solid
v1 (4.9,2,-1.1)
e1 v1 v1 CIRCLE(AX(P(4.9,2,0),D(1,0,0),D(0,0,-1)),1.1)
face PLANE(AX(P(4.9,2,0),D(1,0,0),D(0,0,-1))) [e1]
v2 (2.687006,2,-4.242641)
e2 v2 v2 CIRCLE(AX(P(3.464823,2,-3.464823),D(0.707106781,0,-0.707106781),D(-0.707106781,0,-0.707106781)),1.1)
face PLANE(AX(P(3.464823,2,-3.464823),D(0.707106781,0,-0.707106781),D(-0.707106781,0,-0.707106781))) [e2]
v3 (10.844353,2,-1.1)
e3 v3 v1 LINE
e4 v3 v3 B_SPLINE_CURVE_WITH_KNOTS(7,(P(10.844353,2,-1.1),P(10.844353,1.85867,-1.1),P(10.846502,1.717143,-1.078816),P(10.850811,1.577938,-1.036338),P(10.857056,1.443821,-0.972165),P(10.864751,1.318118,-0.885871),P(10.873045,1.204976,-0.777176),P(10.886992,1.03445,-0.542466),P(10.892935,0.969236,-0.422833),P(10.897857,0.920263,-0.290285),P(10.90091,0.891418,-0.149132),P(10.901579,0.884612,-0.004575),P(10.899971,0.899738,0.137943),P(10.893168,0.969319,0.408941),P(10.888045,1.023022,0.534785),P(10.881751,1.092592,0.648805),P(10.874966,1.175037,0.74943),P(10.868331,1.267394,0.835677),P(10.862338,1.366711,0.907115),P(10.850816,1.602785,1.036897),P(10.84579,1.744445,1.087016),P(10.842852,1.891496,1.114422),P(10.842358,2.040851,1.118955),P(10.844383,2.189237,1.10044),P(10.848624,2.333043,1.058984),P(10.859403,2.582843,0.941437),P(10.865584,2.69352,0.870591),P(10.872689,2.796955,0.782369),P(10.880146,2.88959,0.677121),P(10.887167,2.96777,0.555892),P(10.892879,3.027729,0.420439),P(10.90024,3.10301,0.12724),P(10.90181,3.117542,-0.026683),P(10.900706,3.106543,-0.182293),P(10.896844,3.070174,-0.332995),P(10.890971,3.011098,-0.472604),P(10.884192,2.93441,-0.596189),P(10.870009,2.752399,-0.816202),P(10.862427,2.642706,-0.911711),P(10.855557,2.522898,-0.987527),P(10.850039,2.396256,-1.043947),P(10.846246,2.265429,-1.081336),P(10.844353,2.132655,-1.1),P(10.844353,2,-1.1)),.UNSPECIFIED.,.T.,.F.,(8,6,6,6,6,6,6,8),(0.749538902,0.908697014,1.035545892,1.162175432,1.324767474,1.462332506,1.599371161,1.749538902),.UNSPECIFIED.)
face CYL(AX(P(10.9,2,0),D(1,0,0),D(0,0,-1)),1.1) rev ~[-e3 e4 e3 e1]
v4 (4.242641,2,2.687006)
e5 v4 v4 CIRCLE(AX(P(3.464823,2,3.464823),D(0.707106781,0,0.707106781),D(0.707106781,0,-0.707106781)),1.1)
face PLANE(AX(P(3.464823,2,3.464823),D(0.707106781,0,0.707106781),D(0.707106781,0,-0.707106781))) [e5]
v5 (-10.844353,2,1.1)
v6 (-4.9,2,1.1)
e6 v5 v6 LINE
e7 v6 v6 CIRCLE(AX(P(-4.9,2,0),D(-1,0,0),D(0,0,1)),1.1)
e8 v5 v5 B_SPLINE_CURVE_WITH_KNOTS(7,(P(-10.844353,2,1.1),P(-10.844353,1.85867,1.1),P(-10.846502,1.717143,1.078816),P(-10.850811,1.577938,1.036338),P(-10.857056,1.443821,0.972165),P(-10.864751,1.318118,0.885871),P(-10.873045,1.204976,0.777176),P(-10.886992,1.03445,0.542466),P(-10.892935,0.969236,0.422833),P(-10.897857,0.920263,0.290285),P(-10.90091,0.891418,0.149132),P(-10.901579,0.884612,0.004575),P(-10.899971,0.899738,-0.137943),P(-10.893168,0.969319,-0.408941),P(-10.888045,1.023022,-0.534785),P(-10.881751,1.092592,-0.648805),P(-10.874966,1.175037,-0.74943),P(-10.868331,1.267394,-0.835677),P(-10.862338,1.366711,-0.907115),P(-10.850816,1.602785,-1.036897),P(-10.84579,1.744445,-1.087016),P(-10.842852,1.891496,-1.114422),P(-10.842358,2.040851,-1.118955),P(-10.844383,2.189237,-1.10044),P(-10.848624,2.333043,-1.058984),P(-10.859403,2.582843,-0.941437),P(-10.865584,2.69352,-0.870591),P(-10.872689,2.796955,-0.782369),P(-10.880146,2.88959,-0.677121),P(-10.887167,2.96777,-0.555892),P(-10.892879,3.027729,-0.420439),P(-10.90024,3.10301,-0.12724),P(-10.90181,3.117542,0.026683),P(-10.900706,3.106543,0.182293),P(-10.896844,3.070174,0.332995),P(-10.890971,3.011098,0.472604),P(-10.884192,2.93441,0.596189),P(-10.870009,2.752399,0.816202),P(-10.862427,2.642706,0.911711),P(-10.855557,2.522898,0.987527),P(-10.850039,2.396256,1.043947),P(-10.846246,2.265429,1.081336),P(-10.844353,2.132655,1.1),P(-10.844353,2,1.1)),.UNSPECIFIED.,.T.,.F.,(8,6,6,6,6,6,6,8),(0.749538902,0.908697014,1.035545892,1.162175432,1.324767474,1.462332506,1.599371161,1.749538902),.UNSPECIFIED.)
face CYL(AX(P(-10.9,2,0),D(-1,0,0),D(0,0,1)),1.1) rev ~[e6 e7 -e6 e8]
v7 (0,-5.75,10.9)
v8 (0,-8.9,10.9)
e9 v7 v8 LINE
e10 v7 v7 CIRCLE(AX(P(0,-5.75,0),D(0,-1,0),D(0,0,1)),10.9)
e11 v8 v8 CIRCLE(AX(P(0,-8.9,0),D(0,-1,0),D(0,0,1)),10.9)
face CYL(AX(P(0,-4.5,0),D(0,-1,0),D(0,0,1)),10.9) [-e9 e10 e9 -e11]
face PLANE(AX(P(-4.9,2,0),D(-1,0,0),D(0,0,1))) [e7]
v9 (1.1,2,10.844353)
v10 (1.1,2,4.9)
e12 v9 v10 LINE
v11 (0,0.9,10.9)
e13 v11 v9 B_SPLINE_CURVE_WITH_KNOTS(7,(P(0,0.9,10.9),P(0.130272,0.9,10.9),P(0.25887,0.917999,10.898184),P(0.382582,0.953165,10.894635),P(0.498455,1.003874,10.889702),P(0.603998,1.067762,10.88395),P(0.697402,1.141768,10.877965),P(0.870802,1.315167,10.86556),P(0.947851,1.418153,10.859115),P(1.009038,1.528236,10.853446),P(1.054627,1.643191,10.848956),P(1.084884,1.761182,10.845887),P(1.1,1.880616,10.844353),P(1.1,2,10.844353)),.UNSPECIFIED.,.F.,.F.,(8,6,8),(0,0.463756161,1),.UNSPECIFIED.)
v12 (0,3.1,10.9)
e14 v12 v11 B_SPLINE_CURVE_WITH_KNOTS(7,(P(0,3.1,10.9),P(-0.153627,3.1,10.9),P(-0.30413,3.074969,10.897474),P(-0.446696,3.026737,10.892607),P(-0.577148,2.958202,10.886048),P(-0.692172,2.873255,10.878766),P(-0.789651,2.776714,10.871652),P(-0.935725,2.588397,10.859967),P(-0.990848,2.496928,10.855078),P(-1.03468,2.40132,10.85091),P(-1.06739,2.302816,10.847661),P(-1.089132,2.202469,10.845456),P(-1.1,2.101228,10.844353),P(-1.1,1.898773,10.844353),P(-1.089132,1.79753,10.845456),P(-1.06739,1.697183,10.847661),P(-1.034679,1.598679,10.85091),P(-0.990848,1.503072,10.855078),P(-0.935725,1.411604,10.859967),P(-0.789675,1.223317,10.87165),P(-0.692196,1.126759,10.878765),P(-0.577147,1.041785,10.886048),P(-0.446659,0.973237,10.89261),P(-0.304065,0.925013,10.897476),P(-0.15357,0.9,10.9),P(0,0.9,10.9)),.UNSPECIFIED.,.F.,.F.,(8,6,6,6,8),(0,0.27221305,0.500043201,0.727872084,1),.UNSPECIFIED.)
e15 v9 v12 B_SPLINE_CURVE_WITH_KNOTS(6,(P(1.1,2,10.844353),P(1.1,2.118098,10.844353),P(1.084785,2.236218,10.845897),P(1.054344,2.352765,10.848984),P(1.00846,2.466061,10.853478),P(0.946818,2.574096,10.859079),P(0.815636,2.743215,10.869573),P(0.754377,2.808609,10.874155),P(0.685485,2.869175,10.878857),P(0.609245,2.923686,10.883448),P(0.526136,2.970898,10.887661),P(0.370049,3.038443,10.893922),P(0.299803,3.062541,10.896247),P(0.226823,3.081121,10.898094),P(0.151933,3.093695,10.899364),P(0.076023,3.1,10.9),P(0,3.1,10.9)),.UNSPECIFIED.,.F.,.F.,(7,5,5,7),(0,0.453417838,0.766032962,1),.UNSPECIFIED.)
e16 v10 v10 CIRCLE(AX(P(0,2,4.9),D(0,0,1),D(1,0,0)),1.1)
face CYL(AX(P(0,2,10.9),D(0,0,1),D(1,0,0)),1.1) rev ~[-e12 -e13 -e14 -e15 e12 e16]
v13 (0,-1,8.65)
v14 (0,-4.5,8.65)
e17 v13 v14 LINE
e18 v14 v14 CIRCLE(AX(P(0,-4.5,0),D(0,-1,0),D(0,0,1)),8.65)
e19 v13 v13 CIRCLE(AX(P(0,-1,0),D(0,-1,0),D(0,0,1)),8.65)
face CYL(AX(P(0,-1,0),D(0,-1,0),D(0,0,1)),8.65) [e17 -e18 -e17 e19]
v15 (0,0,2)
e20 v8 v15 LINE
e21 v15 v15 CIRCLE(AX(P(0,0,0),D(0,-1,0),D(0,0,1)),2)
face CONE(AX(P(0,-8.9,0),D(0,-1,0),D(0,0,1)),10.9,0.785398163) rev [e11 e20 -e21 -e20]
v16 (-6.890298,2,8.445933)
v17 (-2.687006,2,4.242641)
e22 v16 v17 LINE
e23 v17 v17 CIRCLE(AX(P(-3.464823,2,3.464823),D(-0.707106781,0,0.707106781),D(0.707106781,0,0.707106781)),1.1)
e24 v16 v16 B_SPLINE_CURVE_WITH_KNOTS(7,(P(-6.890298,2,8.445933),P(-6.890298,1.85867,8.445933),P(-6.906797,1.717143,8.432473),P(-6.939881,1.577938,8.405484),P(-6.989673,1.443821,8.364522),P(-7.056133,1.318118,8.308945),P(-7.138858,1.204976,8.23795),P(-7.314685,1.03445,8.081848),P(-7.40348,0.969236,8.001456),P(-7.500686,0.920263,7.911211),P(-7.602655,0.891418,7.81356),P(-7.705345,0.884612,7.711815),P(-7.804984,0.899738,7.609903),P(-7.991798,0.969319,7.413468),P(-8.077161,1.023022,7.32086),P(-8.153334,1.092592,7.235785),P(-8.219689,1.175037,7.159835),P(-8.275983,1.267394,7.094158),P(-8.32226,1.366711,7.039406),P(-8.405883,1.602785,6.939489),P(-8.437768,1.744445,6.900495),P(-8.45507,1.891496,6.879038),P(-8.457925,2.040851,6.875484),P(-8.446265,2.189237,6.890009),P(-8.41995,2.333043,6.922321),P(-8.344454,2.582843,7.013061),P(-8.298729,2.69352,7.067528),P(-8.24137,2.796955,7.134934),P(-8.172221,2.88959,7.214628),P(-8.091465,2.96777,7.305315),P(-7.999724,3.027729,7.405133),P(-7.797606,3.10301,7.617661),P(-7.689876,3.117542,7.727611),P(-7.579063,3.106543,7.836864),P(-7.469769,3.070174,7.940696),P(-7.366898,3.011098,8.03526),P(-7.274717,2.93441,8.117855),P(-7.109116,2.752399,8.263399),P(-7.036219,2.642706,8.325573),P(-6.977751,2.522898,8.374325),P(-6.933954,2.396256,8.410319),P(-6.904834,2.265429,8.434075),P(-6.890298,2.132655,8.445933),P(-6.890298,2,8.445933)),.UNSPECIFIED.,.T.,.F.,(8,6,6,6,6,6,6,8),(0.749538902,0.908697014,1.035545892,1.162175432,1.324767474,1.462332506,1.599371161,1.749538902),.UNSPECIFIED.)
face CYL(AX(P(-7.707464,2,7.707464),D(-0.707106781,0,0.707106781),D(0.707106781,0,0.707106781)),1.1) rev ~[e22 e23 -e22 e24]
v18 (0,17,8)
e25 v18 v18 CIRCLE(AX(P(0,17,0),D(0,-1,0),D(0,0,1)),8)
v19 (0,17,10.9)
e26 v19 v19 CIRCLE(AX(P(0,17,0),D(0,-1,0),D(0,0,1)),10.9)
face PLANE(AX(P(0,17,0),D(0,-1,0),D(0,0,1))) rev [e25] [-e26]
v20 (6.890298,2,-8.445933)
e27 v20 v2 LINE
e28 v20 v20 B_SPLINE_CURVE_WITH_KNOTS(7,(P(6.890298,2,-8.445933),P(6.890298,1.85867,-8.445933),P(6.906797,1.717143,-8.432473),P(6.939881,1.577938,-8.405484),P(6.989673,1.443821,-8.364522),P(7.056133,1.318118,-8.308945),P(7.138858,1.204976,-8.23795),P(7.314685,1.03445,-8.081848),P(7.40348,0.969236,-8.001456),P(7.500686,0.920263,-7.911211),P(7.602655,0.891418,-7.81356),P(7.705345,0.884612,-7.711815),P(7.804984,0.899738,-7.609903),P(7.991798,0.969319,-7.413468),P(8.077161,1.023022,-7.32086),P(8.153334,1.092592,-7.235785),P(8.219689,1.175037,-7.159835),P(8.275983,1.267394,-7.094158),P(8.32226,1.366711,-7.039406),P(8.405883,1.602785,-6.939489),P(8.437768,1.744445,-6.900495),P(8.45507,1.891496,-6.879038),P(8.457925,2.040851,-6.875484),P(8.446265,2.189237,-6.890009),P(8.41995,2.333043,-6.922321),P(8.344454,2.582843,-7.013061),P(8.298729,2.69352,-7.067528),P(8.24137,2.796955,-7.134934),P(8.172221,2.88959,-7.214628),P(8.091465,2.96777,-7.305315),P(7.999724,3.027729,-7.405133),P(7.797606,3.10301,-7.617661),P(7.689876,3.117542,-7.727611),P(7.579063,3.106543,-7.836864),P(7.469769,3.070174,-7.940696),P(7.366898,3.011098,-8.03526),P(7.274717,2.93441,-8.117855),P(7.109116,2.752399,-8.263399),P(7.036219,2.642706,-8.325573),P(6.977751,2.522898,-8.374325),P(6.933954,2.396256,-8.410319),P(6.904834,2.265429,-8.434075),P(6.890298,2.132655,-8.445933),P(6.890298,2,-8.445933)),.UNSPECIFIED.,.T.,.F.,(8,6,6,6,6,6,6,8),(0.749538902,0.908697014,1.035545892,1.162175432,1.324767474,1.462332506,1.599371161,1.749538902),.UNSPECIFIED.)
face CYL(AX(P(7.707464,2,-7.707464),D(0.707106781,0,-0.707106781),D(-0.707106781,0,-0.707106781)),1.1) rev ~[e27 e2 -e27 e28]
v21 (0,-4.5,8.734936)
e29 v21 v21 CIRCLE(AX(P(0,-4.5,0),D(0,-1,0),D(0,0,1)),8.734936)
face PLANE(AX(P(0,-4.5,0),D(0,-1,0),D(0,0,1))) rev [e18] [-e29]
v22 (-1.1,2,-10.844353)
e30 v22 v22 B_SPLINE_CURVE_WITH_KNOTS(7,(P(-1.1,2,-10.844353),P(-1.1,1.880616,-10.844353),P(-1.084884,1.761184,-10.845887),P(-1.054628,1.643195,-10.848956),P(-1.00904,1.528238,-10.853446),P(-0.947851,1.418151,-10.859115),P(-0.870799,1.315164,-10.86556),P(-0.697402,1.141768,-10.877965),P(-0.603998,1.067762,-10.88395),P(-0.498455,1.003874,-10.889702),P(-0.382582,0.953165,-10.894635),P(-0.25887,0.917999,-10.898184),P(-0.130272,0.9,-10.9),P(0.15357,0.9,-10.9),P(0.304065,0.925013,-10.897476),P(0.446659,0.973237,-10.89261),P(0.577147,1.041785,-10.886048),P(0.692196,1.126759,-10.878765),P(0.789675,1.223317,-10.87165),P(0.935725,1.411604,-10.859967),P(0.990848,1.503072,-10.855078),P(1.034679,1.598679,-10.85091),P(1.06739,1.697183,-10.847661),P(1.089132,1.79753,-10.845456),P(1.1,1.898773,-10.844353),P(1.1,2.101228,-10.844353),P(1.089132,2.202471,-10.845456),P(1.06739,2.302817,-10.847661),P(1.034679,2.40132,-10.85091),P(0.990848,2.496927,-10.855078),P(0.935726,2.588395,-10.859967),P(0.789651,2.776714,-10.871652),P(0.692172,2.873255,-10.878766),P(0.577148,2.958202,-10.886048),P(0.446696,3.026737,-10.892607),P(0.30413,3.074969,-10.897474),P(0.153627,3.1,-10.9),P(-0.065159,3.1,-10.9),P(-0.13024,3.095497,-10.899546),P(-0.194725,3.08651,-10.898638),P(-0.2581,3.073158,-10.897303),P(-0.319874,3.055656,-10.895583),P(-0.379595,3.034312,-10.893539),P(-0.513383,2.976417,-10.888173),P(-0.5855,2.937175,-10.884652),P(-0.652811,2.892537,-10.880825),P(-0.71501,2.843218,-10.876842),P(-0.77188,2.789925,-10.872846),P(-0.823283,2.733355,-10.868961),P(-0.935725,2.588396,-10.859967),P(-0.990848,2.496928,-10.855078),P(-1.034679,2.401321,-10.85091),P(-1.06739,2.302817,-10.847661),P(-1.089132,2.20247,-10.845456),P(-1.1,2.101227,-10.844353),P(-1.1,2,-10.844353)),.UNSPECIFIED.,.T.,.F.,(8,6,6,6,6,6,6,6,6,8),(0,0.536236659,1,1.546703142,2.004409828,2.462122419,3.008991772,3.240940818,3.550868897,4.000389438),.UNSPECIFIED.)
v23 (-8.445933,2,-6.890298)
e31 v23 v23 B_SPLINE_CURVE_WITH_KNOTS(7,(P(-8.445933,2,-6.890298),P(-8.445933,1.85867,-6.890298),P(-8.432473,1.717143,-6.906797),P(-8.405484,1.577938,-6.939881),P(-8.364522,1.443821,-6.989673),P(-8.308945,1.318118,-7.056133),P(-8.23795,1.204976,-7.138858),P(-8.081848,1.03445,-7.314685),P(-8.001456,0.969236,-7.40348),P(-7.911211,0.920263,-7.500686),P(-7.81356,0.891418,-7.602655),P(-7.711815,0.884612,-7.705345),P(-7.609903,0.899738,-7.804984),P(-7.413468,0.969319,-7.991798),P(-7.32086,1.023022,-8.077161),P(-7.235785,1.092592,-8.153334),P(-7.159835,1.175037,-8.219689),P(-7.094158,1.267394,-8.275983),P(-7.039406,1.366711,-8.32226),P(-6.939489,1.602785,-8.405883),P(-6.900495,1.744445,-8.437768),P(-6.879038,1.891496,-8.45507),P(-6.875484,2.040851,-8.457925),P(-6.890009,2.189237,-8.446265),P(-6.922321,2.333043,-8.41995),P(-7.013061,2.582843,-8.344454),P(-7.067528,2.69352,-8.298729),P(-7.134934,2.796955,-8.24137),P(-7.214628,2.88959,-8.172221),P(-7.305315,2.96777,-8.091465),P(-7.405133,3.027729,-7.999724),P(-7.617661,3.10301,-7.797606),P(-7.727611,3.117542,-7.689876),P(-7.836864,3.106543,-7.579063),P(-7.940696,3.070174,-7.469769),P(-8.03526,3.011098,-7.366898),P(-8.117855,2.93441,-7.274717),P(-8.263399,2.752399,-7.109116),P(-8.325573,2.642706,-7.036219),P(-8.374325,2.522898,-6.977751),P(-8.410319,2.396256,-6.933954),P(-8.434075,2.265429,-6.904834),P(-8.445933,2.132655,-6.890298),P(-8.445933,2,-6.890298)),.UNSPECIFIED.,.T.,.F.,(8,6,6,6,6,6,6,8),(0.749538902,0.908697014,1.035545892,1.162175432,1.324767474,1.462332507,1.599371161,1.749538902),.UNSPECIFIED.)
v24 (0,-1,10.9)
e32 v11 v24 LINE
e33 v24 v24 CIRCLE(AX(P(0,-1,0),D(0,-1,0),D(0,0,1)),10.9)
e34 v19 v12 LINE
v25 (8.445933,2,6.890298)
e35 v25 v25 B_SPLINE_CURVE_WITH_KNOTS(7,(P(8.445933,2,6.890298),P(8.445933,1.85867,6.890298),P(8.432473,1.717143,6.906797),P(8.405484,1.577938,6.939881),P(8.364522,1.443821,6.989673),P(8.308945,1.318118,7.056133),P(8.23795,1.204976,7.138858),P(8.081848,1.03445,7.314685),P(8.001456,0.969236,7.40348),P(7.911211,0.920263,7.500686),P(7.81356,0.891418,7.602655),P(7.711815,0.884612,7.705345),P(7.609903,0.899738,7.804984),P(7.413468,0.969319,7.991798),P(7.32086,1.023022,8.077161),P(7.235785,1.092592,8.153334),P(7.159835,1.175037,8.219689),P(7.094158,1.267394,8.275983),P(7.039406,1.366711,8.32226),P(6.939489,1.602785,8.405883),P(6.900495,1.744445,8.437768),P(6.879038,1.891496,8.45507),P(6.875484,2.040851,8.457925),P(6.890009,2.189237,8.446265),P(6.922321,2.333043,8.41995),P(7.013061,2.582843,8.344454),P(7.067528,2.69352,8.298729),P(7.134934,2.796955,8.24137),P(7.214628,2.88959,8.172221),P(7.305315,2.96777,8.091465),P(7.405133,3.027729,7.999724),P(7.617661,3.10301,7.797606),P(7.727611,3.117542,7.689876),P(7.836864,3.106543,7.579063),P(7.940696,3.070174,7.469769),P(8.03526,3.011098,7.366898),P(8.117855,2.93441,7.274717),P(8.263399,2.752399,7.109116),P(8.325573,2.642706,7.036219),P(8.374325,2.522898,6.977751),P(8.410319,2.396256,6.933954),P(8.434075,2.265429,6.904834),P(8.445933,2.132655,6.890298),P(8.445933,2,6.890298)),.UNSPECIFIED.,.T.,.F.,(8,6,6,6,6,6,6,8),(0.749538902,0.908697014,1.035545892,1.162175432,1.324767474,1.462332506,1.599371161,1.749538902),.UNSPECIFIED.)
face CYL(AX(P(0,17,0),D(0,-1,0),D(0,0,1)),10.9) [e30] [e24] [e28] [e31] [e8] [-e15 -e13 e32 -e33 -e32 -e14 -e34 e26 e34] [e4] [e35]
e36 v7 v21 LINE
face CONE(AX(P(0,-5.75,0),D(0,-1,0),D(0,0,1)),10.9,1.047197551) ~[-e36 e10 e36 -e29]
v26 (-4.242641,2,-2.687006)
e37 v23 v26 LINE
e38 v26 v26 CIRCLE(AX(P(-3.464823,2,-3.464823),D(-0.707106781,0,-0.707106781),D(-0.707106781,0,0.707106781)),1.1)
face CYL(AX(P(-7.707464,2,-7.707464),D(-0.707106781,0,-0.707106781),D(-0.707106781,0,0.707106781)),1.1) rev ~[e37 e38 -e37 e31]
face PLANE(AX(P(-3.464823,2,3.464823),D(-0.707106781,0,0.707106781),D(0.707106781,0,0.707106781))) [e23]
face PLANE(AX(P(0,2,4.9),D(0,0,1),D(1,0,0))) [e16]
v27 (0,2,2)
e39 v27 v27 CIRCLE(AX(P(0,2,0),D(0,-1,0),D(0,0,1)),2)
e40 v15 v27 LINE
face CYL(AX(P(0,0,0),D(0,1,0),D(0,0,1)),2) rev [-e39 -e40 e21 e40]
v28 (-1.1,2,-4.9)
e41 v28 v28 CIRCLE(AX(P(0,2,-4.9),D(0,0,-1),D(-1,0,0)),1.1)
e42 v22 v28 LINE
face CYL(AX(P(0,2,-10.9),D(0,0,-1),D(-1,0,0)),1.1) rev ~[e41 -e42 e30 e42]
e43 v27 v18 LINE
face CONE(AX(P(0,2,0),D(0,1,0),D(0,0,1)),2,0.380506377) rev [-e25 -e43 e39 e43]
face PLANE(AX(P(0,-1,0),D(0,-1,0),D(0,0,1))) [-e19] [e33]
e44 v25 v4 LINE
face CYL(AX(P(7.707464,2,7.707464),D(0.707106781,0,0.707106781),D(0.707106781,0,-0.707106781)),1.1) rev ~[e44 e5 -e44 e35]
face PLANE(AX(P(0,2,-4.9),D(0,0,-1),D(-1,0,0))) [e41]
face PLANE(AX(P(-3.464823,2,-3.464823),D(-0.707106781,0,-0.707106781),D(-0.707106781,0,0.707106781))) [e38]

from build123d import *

# Parameters (mm, degrees)
SKETCH3_R          = 1.1
CUT_EXTRUDE1_DEPTH = 6
CIRPATTERN1_COUNT  = 8
CHAMFER2_SIZE      = 1.25
CHAMFER2_SIZE2     = 2.165063509


with BuildPart() as part:
    # Sketch2 → Revolve1 (revolve)
    with BuildSketch(Plane.XY):
        Polygon((-2, 0), (-2, 2), (-8, 17), (-10.9, 17), (-10.9, 2), (-10.9, -1), (-8.65, -1), (-8.65, -4.5), (-10.9, -4.5), (-10.9, -8.9), align=None)
    revolve(axis=Axis((0, 19.141519074, 0), (0, -1, 0)))

    # Sketch3 → Cut-Extrude1 (cut)
    with BuildSketch(Plane.ZY.offset(10.9)):
        with Locations((0, 2)):
            Circle(SKETCH3_R)
    cut_extrude1 = extrude(amount=-CUT_EXTRUDE1_DEPTH, mode=Mode.SUBTRACT)

    # CirPattern1: Cut-Extrude1 ×8 about axis
    cirpattern1_axis = Axis((0, 0, 0), (0, 1, 0))
    for i in range(1, CIRPATTERN1_COUNT):
        add(cut_extrude1.rotate(cirpattern1_axis, i * 360 / CIRPATTERN1_COUNT), mode=Mode.SUBTRACT)

    # Chamfer2
    chamfer2_edges = [part.edges().sort_by_distance(p)[0] for p in [
        (10.9, -4.5, 0),
    ]]
    chamfer2_side = [part.faces().sort_by_distance(p)[0] for p in [
        (10.9, -6.7, 0),
    ]]
    chamfer(chamfer2_edges, length=CHAMFER2_SIZE, length2=CHAMFER2_SIZE2, reference=chamfer2_side[0])


solid = part.part
